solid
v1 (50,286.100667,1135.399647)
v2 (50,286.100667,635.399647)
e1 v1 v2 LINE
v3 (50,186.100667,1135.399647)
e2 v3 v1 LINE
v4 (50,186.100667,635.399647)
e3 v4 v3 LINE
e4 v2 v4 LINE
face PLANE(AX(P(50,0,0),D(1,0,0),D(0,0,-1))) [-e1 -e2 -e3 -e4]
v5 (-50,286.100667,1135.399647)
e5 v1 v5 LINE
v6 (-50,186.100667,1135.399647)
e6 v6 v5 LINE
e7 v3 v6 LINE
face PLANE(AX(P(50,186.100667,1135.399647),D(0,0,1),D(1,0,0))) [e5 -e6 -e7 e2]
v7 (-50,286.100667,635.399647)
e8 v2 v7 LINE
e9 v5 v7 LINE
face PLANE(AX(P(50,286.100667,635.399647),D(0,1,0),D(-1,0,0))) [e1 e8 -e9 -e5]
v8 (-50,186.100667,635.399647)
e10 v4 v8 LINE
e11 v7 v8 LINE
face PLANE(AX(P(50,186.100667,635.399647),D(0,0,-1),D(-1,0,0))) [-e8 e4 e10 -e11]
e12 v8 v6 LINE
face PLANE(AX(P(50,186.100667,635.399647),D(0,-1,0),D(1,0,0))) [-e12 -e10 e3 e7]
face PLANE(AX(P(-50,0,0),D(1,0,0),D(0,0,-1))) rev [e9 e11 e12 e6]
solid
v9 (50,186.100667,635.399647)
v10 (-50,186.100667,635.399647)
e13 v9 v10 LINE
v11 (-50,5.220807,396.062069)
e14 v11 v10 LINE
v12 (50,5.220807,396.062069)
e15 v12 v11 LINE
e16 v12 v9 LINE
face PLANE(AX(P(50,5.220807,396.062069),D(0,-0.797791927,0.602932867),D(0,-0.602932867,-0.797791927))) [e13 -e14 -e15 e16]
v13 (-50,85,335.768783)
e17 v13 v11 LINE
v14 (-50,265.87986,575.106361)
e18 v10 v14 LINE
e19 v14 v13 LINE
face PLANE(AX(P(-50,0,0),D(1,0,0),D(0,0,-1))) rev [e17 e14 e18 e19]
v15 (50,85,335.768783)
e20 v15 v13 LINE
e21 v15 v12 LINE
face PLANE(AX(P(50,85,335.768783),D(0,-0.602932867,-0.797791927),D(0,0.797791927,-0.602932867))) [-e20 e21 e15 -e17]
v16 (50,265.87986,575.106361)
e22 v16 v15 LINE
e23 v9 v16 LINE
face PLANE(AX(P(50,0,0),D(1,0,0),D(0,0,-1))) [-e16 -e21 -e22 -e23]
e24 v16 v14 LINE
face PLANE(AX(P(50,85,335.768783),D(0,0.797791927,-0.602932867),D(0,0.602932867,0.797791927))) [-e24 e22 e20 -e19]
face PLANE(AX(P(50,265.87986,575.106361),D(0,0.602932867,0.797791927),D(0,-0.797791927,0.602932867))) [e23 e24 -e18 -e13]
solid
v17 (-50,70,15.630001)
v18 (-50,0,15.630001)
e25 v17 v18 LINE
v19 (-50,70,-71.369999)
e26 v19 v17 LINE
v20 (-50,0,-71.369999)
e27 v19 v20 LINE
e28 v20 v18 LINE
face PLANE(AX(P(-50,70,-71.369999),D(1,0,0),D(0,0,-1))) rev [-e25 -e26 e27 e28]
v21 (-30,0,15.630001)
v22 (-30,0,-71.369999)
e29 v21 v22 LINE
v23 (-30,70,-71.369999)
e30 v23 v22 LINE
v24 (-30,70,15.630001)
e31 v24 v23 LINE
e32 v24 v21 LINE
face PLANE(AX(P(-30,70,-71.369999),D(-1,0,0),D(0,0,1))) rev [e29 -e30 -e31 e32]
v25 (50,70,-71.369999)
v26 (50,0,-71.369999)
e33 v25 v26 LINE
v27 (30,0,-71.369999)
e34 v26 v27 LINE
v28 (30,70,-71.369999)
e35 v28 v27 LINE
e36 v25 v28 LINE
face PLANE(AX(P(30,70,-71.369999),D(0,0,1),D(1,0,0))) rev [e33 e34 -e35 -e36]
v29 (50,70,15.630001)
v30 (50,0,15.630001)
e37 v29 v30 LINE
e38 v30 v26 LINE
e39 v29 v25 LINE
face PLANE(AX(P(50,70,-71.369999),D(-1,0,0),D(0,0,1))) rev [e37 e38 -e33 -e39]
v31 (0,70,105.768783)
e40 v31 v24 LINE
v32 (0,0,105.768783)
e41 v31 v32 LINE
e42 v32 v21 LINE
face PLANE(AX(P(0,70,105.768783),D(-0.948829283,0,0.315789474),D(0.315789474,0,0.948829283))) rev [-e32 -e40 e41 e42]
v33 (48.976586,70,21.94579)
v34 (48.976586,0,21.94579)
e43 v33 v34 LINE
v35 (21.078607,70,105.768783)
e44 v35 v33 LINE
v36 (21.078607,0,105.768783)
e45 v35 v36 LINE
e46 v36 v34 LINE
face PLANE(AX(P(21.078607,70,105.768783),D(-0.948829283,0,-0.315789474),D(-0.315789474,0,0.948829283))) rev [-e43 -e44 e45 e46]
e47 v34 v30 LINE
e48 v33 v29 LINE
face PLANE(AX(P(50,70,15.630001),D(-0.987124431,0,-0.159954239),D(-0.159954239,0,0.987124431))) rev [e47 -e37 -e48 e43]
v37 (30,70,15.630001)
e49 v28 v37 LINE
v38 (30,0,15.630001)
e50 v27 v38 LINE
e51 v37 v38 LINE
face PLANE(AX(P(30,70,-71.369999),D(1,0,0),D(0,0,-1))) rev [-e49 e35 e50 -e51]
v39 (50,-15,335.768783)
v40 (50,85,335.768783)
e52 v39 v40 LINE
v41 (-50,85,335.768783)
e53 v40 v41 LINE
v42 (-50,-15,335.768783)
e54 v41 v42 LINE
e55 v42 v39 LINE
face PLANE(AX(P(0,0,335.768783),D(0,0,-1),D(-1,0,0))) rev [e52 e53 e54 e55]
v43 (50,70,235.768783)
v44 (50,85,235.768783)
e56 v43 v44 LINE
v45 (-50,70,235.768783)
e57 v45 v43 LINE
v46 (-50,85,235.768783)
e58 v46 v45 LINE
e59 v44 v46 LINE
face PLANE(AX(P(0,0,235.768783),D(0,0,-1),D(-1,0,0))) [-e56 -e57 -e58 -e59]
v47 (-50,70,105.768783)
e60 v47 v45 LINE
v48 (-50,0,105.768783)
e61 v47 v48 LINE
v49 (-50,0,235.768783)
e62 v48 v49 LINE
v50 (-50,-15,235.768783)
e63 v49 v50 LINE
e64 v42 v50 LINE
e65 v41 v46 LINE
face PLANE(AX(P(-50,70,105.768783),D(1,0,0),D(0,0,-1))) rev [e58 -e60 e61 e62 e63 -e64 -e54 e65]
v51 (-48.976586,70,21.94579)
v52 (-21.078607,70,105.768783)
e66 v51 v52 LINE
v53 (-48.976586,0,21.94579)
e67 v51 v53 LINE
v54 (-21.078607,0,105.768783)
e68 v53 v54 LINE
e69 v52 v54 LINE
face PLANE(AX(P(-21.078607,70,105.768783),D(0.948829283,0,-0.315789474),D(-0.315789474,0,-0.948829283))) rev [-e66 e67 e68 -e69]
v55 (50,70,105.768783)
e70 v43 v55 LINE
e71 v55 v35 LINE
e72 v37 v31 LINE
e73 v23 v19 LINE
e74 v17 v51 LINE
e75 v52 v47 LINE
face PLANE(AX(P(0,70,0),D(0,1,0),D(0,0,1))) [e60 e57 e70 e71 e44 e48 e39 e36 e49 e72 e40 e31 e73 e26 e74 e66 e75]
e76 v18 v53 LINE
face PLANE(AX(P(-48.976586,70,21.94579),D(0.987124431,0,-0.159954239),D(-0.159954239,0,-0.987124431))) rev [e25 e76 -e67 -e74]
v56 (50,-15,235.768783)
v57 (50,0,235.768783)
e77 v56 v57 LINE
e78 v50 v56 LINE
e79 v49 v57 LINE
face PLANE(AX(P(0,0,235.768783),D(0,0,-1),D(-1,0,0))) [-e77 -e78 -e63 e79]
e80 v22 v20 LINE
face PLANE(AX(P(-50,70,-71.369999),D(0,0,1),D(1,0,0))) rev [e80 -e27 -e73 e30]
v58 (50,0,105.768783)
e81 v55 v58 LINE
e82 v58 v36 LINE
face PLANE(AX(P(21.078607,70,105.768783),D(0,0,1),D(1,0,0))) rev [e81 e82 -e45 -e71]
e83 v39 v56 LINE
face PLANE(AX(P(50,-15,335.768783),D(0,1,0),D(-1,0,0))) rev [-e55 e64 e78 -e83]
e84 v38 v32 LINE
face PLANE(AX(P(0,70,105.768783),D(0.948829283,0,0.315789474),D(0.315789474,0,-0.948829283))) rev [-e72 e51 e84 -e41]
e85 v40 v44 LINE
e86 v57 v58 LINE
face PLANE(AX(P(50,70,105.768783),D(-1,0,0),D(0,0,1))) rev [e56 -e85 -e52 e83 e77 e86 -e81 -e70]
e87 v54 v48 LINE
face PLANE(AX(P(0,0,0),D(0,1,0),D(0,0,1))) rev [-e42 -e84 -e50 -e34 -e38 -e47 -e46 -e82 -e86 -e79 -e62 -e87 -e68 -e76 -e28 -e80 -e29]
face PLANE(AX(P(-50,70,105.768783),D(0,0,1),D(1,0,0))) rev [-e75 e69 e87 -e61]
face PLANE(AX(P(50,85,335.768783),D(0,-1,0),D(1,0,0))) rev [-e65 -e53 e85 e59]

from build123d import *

# Parameters (mm, degrees)
BOSS_EXTRUDE1_DEPTH = 70
SKETCH2_W           = 100
SKETCH2_H           = 100
BOSS_EXTRUDE2_DEPTH = 100
BOSS_EXTRUDE3_DEPTH = 100
SKETCH4_W           = 500
SKETCH4_H           = 100
BOSS_EXTRUDE4_DEPTH = 100


with BuildPart() as part:
    # Sketch1 → Boss-Extrude1 (new body)
    with BuildSketch(Plane(origin=(0, 0, 0), x_dir=(1, 0, 0), z_dir=(0, 1, 0))):
        Polygon((0, -105.768782521), (-30, -15.630000635), (-30, 71.369999365), (-50, 71.369999365), (-50, -15.630000635), (-48.97658566, -21.945790108), (-21.078607457, -105.768782521), (-50, -105.768782521), (-50, -235.768782521), (50, -235.768782521), (50, -105.768782521), (21.078607457, -105.768782521), (48.97658566, -21.945790108), (50, -15.630000635), (50, 71.369999365), (30, 71.369999365), (30, -15.630000635), align=None)
    extrude(amount=BOSS_EXTRUDE1_DEPTH)

    # Sketch2 → Boss-Extrude2 (add)
    with BuildSketch(Plane.XY.offset(235.768782521)):
        with Locations((0, 35)):
            Rectangle(SKETCH2_W, SKETCH2_H)
    extrude(amount=BOSS_EXTRUDE2_DEPTH)


with BuildPart() as body_2:
    # Sketch3 → Boss-Extrude3 (new body)
    with BuildSketch(Plane.ZY.offset(50)):
        Polygon((335.768782521, 85), (396.06206918, 5.220807325), (635.399647205, 186.100667301), (575.106360546, 265.879859976), align=None)
    extrude(amount=-BOSS_EXTRUDE3_DEPTH)


with BuildPart() as body_3:
    # Sketch4 → Boss-Extrude4 (new body)
    with BuildSketch(Plane.ZY.offset(50)):
        with Locations((885.399647205, 236.100667301)):
            Rectangle(SKETCH4_W, SKETCH4_H)
    extrude(amount=-BOSS_EXTRUDE4_DEPTH)


solid = Compound([part.part, body_2.part, body_3.part])
